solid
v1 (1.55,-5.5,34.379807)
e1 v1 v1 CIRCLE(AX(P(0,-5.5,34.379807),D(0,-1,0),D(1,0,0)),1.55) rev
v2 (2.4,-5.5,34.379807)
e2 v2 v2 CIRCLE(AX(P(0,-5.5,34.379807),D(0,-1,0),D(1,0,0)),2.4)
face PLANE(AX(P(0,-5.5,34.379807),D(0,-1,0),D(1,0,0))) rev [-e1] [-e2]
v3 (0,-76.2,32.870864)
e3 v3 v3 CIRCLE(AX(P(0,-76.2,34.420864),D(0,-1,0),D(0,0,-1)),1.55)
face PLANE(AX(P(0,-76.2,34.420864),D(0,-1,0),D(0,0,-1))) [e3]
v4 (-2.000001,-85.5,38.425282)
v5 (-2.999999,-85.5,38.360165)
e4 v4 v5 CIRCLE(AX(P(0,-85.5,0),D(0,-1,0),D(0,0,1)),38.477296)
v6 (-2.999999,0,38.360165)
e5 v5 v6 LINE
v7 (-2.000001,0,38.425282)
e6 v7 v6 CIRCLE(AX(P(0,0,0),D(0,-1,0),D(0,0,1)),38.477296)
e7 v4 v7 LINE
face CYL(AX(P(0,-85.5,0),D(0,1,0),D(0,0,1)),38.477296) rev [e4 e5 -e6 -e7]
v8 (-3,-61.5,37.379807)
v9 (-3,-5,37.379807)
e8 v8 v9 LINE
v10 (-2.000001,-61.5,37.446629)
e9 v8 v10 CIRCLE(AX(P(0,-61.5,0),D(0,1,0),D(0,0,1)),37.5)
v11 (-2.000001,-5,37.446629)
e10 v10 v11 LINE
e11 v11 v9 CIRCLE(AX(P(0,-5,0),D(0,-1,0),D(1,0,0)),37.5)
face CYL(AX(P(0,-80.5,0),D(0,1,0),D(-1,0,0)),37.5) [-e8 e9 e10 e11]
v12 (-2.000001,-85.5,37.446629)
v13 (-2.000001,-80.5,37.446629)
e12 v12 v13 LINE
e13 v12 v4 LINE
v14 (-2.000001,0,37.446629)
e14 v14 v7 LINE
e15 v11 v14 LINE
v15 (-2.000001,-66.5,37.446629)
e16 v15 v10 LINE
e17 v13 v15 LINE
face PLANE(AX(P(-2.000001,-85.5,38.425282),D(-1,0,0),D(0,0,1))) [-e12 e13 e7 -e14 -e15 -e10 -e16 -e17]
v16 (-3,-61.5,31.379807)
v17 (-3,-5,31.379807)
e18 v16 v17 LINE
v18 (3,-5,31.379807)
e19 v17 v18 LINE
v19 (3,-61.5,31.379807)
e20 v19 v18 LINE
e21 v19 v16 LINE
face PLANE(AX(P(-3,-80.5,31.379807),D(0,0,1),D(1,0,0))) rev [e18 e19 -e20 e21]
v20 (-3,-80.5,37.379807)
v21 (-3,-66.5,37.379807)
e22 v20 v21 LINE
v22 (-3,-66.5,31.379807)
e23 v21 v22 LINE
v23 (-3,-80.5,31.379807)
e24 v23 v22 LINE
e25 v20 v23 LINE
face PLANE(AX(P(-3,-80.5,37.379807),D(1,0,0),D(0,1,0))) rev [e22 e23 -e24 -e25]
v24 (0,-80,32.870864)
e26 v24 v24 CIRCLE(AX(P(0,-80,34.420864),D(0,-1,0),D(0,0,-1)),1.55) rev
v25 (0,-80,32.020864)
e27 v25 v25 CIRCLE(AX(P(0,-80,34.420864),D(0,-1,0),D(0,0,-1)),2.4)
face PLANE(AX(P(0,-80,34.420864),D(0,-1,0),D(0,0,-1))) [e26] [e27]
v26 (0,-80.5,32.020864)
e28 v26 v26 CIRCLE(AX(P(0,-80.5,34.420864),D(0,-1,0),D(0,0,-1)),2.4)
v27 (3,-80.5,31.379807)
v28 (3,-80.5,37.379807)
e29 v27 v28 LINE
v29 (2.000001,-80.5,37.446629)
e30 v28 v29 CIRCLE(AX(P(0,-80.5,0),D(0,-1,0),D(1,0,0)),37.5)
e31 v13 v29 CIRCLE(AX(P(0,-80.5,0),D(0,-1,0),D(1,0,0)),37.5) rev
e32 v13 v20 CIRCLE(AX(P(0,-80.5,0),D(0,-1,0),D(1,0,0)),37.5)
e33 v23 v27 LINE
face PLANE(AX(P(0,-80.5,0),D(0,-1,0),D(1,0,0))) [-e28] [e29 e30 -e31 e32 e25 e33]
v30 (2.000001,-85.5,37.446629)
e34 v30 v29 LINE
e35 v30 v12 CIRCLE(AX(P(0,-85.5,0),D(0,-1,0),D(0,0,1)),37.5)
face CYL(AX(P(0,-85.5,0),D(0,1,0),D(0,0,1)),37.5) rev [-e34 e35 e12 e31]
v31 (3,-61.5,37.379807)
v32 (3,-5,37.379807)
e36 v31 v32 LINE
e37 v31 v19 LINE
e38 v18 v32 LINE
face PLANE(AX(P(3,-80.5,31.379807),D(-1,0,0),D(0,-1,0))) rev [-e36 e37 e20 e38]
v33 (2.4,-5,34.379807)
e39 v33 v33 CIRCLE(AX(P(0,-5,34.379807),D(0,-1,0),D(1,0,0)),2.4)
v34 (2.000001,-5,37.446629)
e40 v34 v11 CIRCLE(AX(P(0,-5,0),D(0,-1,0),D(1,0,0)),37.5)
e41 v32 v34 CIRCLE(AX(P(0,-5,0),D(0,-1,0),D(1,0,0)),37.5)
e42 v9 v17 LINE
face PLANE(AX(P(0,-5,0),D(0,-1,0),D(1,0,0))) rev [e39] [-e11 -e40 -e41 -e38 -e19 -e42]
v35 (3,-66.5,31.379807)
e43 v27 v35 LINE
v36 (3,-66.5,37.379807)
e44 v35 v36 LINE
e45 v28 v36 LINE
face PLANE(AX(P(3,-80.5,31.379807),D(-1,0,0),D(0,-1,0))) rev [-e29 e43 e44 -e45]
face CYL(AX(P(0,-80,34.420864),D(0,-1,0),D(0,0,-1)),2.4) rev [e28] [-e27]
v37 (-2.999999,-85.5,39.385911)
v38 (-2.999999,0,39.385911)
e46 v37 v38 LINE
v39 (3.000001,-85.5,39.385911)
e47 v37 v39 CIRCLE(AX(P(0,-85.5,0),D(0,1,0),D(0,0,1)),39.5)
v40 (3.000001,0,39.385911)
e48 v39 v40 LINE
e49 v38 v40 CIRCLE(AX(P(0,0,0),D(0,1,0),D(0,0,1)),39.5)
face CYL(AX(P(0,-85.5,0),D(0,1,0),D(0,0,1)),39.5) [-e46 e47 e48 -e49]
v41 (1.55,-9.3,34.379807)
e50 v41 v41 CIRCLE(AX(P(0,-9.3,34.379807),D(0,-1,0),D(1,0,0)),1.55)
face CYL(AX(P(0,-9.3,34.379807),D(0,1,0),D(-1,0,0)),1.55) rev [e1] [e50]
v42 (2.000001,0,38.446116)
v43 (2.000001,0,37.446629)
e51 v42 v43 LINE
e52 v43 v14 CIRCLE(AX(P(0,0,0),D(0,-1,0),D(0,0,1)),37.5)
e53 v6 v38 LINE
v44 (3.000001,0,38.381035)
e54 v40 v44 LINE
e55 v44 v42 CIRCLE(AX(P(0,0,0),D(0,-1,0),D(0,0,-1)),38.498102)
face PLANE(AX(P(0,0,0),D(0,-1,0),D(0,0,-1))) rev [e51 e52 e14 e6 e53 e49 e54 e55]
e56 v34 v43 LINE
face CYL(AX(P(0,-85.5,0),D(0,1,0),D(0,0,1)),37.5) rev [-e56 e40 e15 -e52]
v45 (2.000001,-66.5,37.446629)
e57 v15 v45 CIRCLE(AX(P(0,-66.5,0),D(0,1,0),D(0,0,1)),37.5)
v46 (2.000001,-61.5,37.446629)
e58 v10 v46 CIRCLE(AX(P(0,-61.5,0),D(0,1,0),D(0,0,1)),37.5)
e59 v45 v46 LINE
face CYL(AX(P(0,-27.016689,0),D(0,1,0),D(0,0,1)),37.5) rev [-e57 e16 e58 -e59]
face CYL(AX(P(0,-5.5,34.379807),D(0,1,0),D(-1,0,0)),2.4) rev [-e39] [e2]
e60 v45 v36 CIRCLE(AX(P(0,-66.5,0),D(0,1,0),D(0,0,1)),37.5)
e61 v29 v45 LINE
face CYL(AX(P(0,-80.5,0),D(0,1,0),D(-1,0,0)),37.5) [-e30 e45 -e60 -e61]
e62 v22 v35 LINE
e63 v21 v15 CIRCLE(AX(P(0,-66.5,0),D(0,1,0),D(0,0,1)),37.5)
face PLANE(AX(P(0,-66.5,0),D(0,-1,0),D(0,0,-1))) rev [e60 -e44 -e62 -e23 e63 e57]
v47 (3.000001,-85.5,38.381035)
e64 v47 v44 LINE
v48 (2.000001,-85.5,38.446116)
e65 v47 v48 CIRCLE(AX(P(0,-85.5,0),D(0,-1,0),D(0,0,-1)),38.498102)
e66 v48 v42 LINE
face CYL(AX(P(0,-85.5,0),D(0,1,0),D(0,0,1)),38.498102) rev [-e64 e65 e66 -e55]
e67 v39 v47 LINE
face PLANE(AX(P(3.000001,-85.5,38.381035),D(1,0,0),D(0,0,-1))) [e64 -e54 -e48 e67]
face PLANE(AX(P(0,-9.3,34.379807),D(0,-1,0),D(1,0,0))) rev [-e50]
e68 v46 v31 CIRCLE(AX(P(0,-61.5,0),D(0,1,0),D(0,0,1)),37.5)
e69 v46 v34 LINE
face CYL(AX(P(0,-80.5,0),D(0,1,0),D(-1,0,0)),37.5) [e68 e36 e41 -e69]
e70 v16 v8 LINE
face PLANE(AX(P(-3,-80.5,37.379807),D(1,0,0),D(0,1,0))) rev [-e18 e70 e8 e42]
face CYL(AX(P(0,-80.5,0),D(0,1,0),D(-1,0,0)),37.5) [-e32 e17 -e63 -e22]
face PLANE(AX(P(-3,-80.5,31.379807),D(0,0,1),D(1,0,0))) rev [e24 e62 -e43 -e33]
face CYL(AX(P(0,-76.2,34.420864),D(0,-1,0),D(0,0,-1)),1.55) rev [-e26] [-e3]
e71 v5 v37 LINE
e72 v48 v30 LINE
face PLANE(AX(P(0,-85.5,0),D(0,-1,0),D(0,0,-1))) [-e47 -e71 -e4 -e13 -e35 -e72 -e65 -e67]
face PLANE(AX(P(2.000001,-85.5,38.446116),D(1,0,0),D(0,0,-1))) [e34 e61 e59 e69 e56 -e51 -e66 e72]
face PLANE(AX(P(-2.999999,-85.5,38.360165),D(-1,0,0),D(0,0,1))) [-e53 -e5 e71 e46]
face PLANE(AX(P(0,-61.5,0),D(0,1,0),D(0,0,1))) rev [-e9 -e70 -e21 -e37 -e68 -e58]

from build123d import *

# Parameters (mm, degrees)
BOSS_EXTRUDE2_DEPTH = 75.5
BOSS_EXTRUDE3_DEPTH = 85.5
SKETCH7_W           = 37.5
SKETCH7_H           = 5
SKETCH9_R           = 1.55
CUT_EXTRUDE4_DEPTH  = 4.3
SKETCH10_R          = 2.4
CUT_EXTRUDE5_DEPTH  = 0.5
SKETCH13_R          = 2.4
CUT_EXTRUDE6_DEPTH  = 0.5
SKETCH14_R          = 1.55
CUT_EXTRUDE7_DEPTH  = 4.3


with BuildPart() as part:
    # Sketch3 → Boss-Extrude2 (new body)
    with BuildSketch(Plane.XZ.offset(5)):
        with BuildLine():
            Line((-3, 37.379807383), (-3, 31.379807383))
            Line((-3, 31.379807383), (3, 31.379807383))
            Line((3, 31.379807383), (3, 37.379807383))
            ThreePointArc((3, 37.379807383), (0, 37.5), (-3, 37.379807383))
        make_face()
    extrude(amount=BOSS_EXTRUDE2_DEPTH)

    # Sketch5 → Boss-Extrude3 (add)
    with BuildSketch(Plane(origin=(0, 0, 0), x_dir=(1, 0, 0), z_dir=(0, 1, 0))):
        with BuildLine():
            Line((-2.99999884, -38.360165319), (-2.99999884, -39.385911275))
            ThreePointArc((-2.99999884, -39.385911275), (1.163e-06, -39.5), (3.00000116, -39.385911098))
            Line((3.00000116, -39.385911098), (3.00000116, -38.381035126))
            ThreePointArc((3.00000116, -38.381035126), (2.500212929, -38.41682964), (2.00000116, -38.446116314))
            Line((2.00000116, -38.446116314), (2.00000116, -37.446628625))
            ThreePointArc((2.00000116, -37.446628625), (0, -37.5), (-2.00000116, -37.446628625))
            Line((-2.00000116, -37.446628625), (-2.00000116, -38.425281674))
            ThreePointArc((-2.00000116, -38.425281674), (-2.500211998, -38.395979168), (-2.99999884, -38.360165319))
        make_face()
    extrude(amount=-BOSS_EXTRUDE3_DEPTH)

    # Sketch7 → Cut-Revolve1 (revolve, cut)
    with BuildSketch(Plane(origin=(0, 0, 0), x_dir=(0, 0, -1), z_dir=(1, 0, 0))):
        with Locations((-18.75, -64)):
            Rectangle(SKETCH7_W, SKETCH7_H)
    revolve(axis=Axis((0, -27.016689378, 0), (0, -1, 0)), mode=Mode.SUBTRACT)

    # Sketch9 → Cut-Extrude4 (cut)
    with BuildSketch(Plane(origin=(0, -80.5, 0), x_dir=(-1, 0, 0), z_dir=(0, -1, 0))):
        with Locations((0, -34.420864201)):
            Circle(SKETCH9_R)
    extrude(amount=-CUT_EXTRUDE4_DEPTH, mode=Mode.SUBTRACT)

    # Sketch10 → Cut-Extrude5 (cut)
    with BuildSketch(Plane(origin=(0, -80.5, 0), x_dir=(-1, 0, 0), z_dir=(0, -1, 0))):
        with Locations((0, -34.420864201)):
            Circle(SKETCH10_R)
    extrude(amount=-CUT_EXTRUDE5_DEPTH, mode=Mode.SUBTRACT)

    # Sketch13 → Cut-Extrude6 (cut)
    with BuildSketch(Plane(origin=(0, -5, 0), x_dir=(-1, 0, 0), z_dir=(0, -1, 0))):
        with Locations((0, -34.379807383)):
            Circle(SKETCH13_R)
    extrude(amount=CUT_EXTRUDE6_DEPTH, mode=Mode.SUBTRACT)

    # Sketch14 → Cut-Extrude7 (cut)
    with BuildSketch(Plane(origin=(0, -5, 0), x_dir=(-1, 0, 0), z_dir=(0, -1, 0))):
        with Locations((0, -34.379807383)):
            Circle(SKETCH14_R)
    extrude(amount=CUT_EXTRUDE7_DEPTH, mode=Mode.SUBTRACT)


solid = part.part
